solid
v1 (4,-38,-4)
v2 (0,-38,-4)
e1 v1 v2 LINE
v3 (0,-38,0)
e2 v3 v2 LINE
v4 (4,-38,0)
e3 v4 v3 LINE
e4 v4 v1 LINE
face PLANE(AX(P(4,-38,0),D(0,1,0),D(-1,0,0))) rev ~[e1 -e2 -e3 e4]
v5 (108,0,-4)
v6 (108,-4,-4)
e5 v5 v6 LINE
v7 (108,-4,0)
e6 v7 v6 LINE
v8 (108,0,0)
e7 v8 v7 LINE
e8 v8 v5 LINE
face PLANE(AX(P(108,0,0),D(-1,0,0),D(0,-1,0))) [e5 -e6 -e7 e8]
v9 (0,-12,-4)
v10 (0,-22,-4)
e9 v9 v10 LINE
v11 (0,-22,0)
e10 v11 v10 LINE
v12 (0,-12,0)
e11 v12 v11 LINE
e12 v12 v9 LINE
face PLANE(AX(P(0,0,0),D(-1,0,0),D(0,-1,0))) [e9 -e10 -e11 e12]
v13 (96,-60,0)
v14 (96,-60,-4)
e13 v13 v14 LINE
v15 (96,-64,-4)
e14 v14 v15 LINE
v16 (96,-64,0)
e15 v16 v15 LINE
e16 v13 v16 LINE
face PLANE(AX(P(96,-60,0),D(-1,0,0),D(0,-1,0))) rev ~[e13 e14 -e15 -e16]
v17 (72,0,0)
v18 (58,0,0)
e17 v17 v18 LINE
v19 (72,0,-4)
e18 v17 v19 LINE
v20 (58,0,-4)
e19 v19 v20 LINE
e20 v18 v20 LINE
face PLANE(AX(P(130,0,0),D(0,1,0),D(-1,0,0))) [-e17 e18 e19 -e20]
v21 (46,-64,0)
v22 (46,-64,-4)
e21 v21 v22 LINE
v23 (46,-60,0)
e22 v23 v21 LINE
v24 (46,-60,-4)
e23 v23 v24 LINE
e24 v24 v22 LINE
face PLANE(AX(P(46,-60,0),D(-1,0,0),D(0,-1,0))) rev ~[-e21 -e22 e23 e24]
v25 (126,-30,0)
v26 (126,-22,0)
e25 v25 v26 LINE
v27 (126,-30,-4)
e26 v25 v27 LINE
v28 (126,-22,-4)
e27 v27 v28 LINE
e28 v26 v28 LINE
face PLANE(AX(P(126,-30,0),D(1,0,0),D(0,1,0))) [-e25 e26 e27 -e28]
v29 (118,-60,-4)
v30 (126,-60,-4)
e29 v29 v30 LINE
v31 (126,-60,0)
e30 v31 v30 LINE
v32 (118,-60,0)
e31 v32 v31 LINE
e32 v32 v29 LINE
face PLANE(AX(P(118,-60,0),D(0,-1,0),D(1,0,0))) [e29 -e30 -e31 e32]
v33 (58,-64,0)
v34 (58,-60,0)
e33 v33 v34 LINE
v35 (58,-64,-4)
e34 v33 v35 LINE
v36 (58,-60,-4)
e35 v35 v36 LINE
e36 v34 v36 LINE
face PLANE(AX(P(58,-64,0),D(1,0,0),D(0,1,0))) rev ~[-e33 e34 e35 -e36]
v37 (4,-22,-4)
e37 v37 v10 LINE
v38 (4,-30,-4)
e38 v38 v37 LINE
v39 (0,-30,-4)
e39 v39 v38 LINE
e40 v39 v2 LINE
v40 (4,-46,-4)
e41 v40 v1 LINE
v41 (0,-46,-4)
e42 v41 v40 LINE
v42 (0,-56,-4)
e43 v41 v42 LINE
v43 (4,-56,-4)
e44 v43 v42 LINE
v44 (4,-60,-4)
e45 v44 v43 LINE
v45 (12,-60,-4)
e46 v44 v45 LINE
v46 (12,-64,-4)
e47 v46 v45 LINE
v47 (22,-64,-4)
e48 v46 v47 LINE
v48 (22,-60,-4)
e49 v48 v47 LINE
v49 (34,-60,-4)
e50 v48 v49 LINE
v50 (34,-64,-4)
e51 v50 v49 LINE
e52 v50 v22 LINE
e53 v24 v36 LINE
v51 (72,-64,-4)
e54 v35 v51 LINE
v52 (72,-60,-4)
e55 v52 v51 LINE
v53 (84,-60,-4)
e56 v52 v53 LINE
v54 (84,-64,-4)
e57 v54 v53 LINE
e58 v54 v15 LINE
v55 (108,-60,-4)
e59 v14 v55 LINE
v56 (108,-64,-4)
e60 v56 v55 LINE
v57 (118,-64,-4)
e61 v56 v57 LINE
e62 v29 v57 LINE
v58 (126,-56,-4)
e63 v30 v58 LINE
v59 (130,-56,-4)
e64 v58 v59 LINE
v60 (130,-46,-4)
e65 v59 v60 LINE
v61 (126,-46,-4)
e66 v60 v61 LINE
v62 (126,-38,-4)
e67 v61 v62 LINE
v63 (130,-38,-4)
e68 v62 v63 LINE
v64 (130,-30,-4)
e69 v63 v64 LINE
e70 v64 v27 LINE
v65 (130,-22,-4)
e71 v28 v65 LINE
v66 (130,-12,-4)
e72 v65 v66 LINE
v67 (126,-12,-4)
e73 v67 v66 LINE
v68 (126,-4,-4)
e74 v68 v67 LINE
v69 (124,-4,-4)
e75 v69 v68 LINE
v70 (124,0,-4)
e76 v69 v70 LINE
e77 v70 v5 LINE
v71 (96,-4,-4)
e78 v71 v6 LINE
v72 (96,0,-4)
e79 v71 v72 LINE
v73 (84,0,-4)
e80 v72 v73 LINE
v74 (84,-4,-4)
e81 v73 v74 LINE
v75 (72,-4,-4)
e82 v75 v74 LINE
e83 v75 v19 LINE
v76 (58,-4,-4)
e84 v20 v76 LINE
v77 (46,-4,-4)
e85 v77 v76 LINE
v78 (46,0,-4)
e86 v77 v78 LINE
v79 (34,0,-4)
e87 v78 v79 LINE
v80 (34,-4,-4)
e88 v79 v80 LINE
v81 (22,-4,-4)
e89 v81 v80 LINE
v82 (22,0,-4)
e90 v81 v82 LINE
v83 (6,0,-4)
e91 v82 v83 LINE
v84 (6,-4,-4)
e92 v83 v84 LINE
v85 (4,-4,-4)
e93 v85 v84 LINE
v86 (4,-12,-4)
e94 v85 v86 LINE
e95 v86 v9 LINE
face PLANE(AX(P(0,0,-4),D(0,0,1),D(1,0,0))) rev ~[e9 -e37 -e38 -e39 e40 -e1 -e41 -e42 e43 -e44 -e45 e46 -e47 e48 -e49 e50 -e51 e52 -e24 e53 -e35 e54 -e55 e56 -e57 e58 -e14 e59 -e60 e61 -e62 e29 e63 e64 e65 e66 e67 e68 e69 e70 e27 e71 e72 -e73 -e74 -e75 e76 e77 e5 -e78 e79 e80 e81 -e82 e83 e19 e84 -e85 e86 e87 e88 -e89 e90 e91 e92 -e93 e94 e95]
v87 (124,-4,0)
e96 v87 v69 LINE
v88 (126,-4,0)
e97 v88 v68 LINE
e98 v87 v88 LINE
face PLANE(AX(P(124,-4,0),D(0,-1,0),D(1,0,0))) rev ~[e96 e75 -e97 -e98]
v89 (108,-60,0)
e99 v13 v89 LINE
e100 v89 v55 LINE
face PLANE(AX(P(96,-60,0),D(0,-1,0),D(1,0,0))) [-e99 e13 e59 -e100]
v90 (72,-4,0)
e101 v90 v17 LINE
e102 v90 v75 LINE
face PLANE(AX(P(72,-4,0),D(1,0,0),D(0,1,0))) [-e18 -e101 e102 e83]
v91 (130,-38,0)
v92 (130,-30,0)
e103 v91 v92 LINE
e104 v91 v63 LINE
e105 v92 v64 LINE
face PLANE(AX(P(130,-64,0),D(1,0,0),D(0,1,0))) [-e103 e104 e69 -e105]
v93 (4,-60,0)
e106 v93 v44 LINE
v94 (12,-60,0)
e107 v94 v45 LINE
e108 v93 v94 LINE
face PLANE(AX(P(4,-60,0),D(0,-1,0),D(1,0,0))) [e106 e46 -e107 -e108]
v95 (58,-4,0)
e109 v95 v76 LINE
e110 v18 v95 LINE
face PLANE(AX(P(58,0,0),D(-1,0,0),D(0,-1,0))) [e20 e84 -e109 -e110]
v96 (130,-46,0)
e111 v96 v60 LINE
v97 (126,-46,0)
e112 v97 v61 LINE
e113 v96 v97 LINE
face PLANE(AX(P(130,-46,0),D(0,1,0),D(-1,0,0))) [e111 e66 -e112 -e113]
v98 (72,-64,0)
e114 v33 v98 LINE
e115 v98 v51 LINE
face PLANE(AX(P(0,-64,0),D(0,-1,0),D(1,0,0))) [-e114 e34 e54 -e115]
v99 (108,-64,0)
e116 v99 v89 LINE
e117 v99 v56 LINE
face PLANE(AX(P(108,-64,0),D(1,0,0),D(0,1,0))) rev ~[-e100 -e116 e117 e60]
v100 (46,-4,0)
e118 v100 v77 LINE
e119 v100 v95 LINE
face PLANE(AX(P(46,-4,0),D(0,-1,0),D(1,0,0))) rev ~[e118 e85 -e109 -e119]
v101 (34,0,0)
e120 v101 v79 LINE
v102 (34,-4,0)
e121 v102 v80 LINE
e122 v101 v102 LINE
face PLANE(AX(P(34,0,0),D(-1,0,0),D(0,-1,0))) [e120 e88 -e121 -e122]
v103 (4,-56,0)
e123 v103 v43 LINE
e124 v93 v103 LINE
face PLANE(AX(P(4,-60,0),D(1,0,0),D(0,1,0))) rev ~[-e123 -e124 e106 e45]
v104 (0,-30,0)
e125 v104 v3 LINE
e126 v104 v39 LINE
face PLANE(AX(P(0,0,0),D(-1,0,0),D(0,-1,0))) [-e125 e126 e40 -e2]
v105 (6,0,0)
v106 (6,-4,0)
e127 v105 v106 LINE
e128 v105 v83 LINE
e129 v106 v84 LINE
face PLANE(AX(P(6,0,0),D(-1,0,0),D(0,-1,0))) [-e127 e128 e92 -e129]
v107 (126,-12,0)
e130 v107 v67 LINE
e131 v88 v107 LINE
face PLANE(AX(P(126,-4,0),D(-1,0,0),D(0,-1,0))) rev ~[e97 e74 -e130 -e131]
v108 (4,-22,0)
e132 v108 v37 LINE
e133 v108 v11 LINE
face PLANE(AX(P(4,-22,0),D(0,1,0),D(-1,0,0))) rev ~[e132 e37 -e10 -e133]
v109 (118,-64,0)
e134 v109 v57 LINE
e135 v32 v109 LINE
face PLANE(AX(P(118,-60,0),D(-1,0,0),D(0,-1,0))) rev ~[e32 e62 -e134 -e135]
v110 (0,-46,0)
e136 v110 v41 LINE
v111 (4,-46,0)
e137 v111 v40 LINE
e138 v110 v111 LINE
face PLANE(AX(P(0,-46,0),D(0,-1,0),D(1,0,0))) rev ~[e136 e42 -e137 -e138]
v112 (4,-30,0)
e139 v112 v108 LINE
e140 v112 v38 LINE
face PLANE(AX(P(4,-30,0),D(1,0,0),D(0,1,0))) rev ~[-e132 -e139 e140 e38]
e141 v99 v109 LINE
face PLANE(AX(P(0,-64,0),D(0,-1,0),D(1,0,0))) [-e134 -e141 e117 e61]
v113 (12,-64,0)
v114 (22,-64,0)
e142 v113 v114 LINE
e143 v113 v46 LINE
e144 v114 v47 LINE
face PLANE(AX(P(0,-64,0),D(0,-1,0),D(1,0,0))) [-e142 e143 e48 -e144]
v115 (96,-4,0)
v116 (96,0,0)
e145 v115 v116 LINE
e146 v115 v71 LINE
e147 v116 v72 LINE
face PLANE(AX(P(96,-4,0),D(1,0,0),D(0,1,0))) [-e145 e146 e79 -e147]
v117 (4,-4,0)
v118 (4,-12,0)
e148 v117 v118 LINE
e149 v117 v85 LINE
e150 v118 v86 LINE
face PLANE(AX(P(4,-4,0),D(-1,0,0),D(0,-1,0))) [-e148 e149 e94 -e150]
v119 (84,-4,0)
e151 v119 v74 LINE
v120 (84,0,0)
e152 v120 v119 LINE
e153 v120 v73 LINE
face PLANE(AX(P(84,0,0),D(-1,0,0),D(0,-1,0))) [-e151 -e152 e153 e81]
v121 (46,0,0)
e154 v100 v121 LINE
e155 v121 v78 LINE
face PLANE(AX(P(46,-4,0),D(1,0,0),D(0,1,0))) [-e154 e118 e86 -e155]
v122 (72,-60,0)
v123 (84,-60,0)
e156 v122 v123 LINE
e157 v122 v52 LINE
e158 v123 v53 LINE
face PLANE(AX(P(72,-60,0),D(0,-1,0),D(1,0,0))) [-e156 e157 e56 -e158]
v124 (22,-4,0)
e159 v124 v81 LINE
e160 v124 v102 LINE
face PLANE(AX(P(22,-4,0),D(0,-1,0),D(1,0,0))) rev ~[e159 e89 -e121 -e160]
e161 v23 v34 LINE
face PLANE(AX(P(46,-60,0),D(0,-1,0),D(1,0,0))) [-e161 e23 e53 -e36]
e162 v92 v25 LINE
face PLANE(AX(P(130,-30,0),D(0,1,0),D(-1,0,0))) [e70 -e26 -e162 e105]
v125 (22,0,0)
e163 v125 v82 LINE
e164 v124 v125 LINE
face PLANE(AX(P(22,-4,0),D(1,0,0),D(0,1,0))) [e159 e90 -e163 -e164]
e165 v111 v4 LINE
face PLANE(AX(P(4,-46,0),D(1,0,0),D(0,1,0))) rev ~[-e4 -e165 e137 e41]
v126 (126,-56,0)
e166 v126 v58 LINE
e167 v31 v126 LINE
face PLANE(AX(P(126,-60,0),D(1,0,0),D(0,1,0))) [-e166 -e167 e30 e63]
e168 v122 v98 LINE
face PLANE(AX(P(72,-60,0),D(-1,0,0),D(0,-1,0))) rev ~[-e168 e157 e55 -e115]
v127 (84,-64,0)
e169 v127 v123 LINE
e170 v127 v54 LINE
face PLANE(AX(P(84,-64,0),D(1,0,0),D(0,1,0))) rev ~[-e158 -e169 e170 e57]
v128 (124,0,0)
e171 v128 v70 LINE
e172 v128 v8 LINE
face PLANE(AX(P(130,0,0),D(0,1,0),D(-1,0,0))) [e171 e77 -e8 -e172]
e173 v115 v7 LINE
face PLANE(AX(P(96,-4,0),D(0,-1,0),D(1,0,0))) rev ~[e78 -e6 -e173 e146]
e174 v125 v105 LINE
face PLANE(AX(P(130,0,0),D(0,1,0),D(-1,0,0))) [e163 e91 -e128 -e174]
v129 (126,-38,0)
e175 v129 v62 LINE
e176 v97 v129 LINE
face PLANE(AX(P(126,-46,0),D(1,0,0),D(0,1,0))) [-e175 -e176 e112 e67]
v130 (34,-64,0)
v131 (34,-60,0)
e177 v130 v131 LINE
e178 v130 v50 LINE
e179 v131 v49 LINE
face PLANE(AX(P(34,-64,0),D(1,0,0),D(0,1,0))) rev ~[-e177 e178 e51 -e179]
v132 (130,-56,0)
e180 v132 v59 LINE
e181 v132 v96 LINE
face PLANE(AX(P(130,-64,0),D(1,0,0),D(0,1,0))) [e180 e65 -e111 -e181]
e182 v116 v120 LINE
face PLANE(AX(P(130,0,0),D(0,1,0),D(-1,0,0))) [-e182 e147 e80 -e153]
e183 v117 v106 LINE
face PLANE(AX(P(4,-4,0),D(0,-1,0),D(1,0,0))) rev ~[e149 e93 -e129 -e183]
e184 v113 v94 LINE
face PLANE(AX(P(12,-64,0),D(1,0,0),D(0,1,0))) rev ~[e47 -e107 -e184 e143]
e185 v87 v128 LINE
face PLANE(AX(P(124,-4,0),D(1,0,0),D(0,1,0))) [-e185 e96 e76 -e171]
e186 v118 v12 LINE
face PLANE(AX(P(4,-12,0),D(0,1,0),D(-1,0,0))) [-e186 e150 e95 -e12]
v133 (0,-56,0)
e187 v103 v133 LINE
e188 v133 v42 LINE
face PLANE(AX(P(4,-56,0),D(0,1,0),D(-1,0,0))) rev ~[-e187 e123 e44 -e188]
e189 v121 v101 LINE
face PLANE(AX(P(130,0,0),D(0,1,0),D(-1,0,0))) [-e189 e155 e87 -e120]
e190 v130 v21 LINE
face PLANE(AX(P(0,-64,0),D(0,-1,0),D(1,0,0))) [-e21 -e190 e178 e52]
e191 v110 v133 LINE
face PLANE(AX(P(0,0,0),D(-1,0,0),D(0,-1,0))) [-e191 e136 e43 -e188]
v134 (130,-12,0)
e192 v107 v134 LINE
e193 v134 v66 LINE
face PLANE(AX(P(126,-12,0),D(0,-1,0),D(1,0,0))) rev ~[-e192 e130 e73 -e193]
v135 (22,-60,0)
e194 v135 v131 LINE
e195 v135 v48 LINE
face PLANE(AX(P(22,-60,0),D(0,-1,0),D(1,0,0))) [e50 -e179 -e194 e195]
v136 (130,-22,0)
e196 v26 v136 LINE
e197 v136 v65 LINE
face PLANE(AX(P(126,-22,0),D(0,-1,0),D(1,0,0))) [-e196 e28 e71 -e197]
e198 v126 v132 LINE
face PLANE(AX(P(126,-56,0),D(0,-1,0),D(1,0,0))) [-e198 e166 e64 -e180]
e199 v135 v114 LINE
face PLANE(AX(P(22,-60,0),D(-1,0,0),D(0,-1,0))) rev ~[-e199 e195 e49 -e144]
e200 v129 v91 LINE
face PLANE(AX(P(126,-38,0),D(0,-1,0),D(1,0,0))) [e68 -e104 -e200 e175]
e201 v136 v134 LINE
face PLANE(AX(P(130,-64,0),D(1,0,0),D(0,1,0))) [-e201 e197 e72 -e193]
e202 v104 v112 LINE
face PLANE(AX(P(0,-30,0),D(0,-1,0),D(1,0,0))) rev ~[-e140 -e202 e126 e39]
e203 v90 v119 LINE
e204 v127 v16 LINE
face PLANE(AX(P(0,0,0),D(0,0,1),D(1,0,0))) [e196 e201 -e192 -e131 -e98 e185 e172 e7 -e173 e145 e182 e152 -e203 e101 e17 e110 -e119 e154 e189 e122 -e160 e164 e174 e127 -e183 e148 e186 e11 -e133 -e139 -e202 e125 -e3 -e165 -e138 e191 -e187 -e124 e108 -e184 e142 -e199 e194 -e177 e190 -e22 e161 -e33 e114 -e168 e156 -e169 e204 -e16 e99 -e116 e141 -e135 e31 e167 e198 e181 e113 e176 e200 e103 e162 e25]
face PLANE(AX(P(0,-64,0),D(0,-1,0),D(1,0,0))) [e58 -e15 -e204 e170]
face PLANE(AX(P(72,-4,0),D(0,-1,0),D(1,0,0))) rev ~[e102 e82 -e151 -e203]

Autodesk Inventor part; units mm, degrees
ref_plane "YZ Plane" through (0, 0, 0) normal (1, 0, 0) x (0, 1, 0)
ref_plane "XZ Plane" through (0, 0, 0) normal (0, 1, 0) x (-1, 0, 0)
ref_plane "XY Plane" through (0, 0, 0) normal (0, 0, 1) x (1, 0, 0)
sketch "Sketch1" plane through (0, 0, 0) normal (0, 0, 1) x (1, 0, 0)
  line L0 (0, -64) -> (130, -64)
  line L1 (130, -64) -> (130, 0)
  line L2 (130, 0) -> (0, 0)
  line L3 (0, 0) -> (0, -64)
  dimension "d228" = 130
  dimension "d229" = 64
extrude "Extrusion1" add sketch "Sketch1" against normal blind 4
sketch "Sketch2" plane through (0, 0, 0) normal (0, 0, 1) x (1, 0, 0)
  line L0 (0, -64) -> (0, 0) projected
  line L1 (0, -32) -> (130, -32)
  line L2 (130, 0) -> (130, -64) projected
  line L3 (65, 0) -> (65, -64)
  line L4 (130, -64) -> (0, -64) projected
  line L5 (22, -64) -> (12, -64)
  line L6 (12, -64) -> (12, -60)
  line L7 (22, -60) -> (22, -64)
  line L8 (46, -60) -> (46, -64)
  line L9 (46, -64) -> (34, -64)
  line L10 (34, -64) -> (34, -60)
  line L11 (72, -60) -> (72, -64)
  line L12 (72, -64) -> (58, -64)
  line L13 (58, -64) -> (58, -60)
  line L14 (0, -64) -> (130, -64) projected
  line L15 (96, -64) -> (84, -64)
  line L16 (84, -64) -> (84, -60)
  line L17 (96, -60) -> (96, -64)
  line L18 (118, -60) -> (118, -64)
  line L19 (118, -64) -> (108, -64)
  line L20 (108, -64) -> (108, -60)
  line L21 (0, -46) -> (4, -46)
  line L22 (4, -46) -> (4, -38)
  line L23 (4, -38) -> (0, -38)
  line L24 (0, -38) -> (0, -46)
  line L25 (0, -30) -> (4, -30)
  line L26 (4, -30) -> (4, -22)
  line L27 (4, -22) -> (0, -22)
  line L28 (0, -22) -> (0, -30)
  line L29 (0, 0) -> (0, -64) projected
  line L30 (130, -64) -> (130, 0)
  line L31 (130, 0) -> (130, -64)
  line L32 (0, -60) -> (12, -60)
  line L33 (22, -60) -> (34, -60)
  line L34 (46, -60) -> (58, -60)
  line L35 (72, -60) -> (84, -60)
  line L36 (96, -60) -> (108, -60)
  line L37 (118, -60) -> (130, -60)
  line L38 (0, 0) -> (0, -64)
  line L39 (6, 0) -> (6, -4)
  line L40 (22, -4) -> (22, 0)
  line L41 (46, -4) -> (46, 0)
  line L42 (46, 0) -> (34, 0)
  line L43 (34, 0) -> (34, -4)
  line L44 (72, -4) -> (72, 0)
  line L45 (72, 0) -> (58, 0)
  line L46 (58, 0) -> (58, -4)
  line L47 (96, -4) -> (96, 0)
  line L48 (124, -4) -> (124, 0)
  line L49 (108, 0) -> (108, -4)
  line L50 (96, 0) -> (84, 0)
  line L51 (84, 0) -> (84, -4)
  line L52 (0, -64) -> (0, 0)
  line L53 (130, 0) -> (130, -64)
  line L54 (130, -64) -> (130, 0)
  line L55 (0, -4) -> (6, -4)
  line L56 (22, -4) -> (34, -4)
  line L57 (46, -4) -> (58, -4)
  line L58 (72, -4) -> (84, -4)
  line L59 (96, -4) -> (108, -4)
  line L60 (124, -4) -> (130, -4)
  line L61 (130, -64) -> (130, 0)
  line L62 (130, 0) -> (130, -64)
  line L63 (130, 0) -> (130, -64)
  line L64 (130, -64) -> (130, 0)
  line L65 (0, -60) -> (4, -60)
  line L66 (4, -60) -> (4, -56)
  line L67 (4, -56) -> (0, -56)
  line L68 (0, -56) -> (0, -60)
  line L69 (0, -4) -> (4, -4)
  line L70 (4, -4) -> (4, -12)
  line L71 (4, -12) -> (0, -12)
  line L72 (0, -12) -> (0, -4)
  line L73 (130, -64) -> (130, 0)
  line L74 (130, -46) -> (126, -46)
  line L75 (126, -46) -> (126, -38)
  line L76 (126, -38) -> (130, -38)
  line L77 (130, -38) -> (130, -46)
  line L78 (126, -30) -> (126, -22)
  line L79 (130, -30) -> (126, -30)
  line L80 (126, -22) -> (130, -22)
  line L81 (130, -22) -> (130, -30)
  line L82 (130, 0) -> (130, -64)
  line L83 (130, 0) -> (130, -64)
  line L84 (130, -64) -> (130, 0)
  line L85 (130, -60) -> (126, -60)
  line L86 (126, -60) -> (126, -56)
  line L87 (126, -56) -> (130, -56)
  line L88 (130, -56) -> (130, -60)
  line L89 (130, -4) -> (126, -4)
  line L90 (126, -4) -> (126, -12)
  line L91 (126, -12) -> (130, -12)
  line L92 (130, -12) -> (130, -4)
  line L93 (130, 0) -> (0, 0) projected
  line L94 (130, 0) -> (0, 0)
  point P0 (58, -64)
  point P1 (34, -64)
  point P2 (0, -22)
  point P3 (0, -30)
  point P4 (84, -64)
  point P5 (0, -38)
  point P6 (0, -60)
  point P7 (0, -4)
  point P8 (0, -12)
  point P9 (0, -56)
  point P10 (126, -60)
  point P11 (130, -56)
  point P12 (130, -46)
  point P13 (130, -38)
  point P14 (130, -22)
  point P15 (126, -4)
  point P16 (130, -12)
  dimension "d234" = 10
  dimension "d235" = 12
  dimension "d236" = 12
  dimension "d237" = 12
  dimension "d238" = 14
  dimension "d240" = 12
  dimension "d242" = 12
  dimension "d243" = 10
  dimension "d244" = 12
  dimension "d245" = 12
  dimension "d246" = 12
  dimension "d249" = 8
  dimension "d251" = 8
  dimension "d255" = 8
  dimension "d262" = 4
  dimension "d267" = 8
  dimension "d268" = 10
  dimension "d271" = 10
  dimension "d273" = 6
  dimension "d275" = 12
extrude "Extrusion2" cut sketch "Sketch2" against normal blind 4 contours L0 L32 L6 L4 | L0 L67 L66 L32 | L7 L33 L10 L4 | L0 L23 L22 L21 | L8 L34 L13 L4 | L0 L27 L26 L25 | L11 L35 L16 L4 | L0 L55 L70 L71 | L79 L78 L80 L2 | L2 L74 L75 L76 | L93 L51 L58 L44 | L46 L57 L41 L93 | L0 L93 L39 L55 | L17 L36 L20 L4 | L91 L90 L60 L2 | L2 L37 L86 L87 | L93 L49 L59 L47 | L43 L56 L40 L93 | L60 L48 L93 L2 | L2 L4 L18 L37
properties part number "Langbektang houder"
